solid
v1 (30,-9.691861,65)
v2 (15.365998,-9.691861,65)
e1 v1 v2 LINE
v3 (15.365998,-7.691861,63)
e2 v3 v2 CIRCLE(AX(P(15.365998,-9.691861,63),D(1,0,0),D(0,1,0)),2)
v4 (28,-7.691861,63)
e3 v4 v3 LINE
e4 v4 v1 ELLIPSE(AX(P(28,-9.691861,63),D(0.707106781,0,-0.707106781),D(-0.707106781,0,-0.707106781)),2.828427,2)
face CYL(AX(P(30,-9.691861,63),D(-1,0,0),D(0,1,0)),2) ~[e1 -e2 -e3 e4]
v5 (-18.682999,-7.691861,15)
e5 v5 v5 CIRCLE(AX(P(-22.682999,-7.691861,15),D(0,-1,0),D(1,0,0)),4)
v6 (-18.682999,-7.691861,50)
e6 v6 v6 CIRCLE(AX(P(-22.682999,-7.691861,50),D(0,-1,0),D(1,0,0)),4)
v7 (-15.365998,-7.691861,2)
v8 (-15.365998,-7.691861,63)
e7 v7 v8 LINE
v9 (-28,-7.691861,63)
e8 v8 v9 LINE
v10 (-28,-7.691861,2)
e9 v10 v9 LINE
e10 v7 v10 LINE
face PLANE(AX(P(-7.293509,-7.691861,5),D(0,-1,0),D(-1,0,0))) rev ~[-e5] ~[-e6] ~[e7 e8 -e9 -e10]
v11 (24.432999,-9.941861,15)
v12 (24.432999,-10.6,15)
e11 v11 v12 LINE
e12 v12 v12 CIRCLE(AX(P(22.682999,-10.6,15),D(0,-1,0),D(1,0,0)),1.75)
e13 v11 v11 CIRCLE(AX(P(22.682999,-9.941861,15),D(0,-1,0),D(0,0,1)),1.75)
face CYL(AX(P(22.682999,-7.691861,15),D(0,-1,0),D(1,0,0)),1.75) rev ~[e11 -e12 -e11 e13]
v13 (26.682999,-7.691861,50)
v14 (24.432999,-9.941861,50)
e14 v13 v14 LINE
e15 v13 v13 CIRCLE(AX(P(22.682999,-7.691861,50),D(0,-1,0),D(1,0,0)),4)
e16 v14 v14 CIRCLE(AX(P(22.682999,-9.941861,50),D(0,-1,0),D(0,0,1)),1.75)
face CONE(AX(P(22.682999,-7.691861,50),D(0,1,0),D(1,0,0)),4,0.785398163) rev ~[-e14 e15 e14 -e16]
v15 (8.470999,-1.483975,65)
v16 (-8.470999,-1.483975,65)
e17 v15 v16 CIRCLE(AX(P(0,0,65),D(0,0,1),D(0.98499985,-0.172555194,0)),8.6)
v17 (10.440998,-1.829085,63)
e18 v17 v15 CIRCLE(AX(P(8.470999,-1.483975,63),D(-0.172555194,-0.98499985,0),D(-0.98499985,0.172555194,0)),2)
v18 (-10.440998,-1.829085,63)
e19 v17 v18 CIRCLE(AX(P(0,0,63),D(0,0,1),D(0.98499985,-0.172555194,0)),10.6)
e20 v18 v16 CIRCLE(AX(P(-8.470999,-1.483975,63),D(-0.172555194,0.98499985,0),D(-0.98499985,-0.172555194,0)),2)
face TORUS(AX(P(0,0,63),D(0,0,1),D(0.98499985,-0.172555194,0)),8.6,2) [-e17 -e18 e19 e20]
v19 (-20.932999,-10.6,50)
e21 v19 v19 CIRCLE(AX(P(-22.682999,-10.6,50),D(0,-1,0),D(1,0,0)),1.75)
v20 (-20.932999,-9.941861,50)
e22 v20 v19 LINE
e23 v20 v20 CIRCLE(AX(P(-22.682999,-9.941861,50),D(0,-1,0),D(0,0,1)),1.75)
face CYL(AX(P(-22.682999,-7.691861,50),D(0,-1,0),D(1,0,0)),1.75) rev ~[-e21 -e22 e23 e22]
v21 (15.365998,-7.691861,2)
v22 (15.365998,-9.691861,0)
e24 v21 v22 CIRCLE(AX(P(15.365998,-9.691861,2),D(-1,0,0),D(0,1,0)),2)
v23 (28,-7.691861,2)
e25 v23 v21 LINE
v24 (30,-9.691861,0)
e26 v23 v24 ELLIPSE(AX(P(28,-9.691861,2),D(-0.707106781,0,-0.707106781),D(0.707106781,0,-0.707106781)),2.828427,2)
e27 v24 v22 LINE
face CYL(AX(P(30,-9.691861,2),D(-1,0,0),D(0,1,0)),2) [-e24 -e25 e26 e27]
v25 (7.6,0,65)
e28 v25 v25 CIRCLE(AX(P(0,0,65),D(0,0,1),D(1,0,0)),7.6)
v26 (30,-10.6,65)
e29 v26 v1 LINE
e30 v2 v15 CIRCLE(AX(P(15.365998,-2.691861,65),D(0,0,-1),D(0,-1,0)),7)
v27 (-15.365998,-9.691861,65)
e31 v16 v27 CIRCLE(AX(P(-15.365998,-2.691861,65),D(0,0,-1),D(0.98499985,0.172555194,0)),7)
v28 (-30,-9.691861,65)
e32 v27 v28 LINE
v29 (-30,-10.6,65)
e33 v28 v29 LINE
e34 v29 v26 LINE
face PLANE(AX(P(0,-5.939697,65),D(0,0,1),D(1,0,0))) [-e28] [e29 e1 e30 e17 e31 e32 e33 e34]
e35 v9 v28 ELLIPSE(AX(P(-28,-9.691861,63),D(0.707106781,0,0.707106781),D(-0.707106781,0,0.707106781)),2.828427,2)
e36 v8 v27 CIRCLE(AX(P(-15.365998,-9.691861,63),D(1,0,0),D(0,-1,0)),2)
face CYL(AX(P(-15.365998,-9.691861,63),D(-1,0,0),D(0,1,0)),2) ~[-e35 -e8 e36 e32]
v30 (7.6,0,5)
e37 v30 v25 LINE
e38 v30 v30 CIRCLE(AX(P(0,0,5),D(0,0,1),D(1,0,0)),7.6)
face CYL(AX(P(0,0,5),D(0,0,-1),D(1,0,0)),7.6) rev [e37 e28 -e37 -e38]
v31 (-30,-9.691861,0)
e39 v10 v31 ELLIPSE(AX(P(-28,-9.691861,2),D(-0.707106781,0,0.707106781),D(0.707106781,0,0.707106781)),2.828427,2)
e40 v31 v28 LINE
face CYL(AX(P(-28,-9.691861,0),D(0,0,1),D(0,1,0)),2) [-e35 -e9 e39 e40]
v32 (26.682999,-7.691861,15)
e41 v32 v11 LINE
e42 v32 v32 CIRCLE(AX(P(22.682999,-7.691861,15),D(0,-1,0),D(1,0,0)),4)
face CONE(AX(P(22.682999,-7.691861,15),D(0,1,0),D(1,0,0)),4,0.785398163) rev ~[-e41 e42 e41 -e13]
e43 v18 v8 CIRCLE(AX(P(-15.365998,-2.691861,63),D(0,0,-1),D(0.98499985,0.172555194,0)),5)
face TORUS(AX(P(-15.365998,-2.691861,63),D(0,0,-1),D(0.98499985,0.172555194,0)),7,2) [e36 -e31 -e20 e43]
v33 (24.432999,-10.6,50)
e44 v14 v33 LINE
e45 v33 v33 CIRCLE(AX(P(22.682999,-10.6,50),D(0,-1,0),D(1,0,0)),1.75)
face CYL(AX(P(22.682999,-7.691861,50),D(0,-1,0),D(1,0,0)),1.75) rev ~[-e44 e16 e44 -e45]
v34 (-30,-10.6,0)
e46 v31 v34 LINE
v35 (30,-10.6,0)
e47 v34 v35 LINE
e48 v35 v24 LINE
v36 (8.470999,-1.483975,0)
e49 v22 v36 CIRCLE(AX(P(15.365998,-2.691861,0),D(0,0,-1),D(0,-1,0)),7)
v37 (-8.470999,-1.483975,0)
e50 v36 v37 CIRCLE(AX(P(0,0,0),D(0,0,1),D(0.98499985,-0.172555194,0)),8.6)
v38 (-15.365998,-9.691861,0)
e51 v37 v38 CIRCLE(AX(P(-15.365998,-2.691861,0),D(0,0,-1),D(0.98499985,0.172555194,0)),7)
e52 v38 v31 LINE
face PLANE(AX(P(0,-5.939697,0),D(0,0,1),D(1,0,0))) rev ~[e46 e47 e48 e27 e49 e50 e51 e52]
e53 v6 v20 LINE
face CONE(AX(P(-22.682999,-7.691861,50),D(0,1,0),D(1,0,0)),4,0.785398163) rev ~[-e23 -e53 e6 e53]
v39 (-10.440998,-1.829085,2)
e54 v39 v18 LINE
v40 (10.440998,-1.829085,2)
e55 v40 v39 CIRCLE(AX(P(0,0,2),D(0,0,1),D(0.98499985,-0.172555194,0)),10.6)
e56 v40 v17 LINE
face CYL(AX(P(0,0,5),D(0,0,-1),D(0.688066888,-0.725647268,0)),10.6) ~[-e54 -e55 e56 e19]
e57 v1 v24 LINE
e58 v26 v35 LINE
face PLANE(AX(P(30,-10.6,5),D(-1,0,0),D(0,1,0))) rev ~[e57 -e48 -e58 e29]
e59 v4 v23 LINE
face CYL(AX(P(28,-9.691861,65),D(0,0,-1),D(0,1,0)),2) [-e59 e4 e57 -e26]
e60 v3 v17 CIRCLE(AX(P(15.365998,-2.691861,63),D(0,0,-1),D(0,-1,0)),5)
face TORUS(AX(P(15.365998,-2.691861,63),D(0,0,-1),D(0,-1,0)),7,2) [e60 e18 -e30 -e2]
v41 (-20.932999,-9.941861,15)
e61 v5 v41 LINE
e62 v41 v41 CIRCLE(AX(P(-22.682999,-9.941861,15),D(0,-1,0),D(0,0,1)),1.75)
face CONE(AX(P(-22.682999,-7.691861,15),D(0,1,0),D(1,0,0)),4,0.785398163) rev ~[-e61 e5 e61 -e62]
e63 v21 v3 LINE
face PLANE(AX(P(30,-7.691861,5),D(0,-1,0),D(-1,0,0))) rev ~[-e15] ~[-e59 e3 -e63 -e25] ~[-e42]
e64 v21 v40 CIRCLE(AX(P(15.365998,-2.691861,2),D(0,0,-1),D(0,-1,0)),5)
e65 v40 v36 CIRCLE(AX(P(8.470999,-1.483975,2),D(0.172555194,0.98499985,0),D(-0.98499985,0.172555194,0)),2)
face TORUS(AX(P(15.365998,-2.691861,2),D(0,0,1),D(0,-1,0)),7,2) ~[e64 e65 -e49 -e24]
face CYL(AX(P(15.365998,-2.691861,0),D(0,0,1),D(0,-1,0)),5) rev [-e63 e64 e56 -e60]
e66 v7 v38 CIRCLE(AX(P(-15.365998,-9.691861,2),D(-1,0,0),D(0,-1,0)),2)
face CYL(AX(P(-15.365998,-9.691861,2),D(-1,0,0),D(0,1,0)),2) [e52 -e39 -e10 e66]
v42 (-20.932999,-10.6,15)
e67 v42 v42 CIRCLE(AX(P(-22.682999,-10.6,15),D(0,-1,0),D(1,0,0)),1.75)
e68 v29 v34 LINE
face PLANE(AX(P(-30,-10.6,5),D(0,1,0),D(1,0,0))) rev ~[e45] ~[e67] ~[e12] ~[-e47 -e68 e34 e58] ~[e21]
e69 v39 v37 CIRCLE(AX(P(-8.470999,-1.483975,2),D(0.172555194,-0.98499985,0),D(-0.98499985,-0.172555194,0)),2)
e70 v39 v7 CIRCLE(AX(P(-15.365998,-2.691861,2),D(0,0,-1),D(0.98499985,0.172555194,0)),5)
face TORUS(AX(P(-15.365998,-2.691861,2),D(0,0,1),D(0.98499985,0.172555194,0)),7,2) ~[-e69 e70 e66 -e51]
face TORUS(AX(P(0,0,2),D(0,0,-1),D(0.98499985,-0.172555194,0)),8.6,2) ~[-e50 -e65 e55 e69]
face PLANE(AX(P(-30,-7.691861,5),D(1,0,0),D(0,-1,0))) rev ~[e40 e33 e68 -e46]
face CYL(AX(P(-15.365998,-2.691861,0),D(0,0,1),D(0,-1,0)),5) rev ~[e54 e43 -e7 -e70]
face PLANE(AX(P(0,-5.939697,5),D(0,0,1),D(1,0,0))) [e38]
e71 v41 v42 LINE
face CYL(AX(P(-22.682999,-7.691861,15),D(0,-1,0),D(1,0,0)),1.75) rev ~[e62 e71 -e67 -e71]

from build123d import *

# Parameters (mm, degrees)
F0_R           = 7.6
F1_DEPTH       = 5
F2_R           = 7.6
F3_DEPTH       = 60
F4_R           = 5
F6_D           = 3.5
F6_CSINK_D     = 8
F6_CSINK_ANGLE = 90
F7_R           = 2


with BuildPart() as f1:
    # F0 (on Top) → F1 (new body)
    with BuildSketch(Plane.XY):
        with BuildLine():
            Line((30, -7.691861), (7.293509, -7.691861))
            ThreePointArc((7.293509, -7.691861), (0, 10.6), (-7.293509, -7.691861))
            Line((-7.293509, -7.691861), (-30, -7.691861))
            Line((-30, -7.691861), (-30, -10.6))
            Line((-30, -10.6), (0, -10.6))
            Line((0, -10.6), (30, -10.6))
            Line((30, -10.6), (30, -7.691861))
        make_face()
        Circle(F0_R, mode=Mode.SUBTRACT)
        Circle(F0_R)
    extrude(amount=F1_DEPTH)

    # F2 (on face) → F3 (join)
    with BuildSketch(Plane.XY.offset(5)):
        with BuildLine():
            Line((30, -7.691861), (7.293509, -7.691861))
            ThreePointArc((7.293509, -7.691861), (0, 10.6), (-7.293509, -7.691861))
            Line((-7.293509, -7.691861), (-30, -7.691861))
            Line((-30, -7.691861), (-30, -10.6))
            Line((-30, -10.6), (30, -10.6))
            Line((30, -10.6), (30, -7.691861))
        make_face()
        Circle(F2_R, mode=Mode.SUBTRACT)
    extrude(amount=F3_DEPTH)

    # F4
    f4_edges = [f1.edges().sort_by_distance(p)[0] for p in [
        (-7.293509, -7.691861, 32.5),
        (7.293509, -7.691861, 32.5),
    ]]
    fillet(f4_edges, radius=F4_R)

    # F6 (through all)
    with Locations(Plane(origin=(0, -7.691861, 0), x_dir=(-1, 0, 0), z_dir=(0, 1, 0))):
        with Locations((-22.682999, 50), (-22.682999, 15), (22.682999, 50), (22.682999, 15)):
            CounterSinkHole(F6_D / 2, F6_CSINK_D / 2, counter_sink_angle=F6_CSINK_ANGLE)

    # F7
    f7_edges = [f1.edges().sort_by_distance(p)[0] for p in [
        (0, 10.6, 65),
        (-30, -7.691861, 32.5),
        (30, -7.691861, 32.5),
        (22.682999, -7.691861, 0),
        (0, 10.6, 0),
    ]]
    fillet(f7_edges, radius=F7_R)


solid = f1.part
